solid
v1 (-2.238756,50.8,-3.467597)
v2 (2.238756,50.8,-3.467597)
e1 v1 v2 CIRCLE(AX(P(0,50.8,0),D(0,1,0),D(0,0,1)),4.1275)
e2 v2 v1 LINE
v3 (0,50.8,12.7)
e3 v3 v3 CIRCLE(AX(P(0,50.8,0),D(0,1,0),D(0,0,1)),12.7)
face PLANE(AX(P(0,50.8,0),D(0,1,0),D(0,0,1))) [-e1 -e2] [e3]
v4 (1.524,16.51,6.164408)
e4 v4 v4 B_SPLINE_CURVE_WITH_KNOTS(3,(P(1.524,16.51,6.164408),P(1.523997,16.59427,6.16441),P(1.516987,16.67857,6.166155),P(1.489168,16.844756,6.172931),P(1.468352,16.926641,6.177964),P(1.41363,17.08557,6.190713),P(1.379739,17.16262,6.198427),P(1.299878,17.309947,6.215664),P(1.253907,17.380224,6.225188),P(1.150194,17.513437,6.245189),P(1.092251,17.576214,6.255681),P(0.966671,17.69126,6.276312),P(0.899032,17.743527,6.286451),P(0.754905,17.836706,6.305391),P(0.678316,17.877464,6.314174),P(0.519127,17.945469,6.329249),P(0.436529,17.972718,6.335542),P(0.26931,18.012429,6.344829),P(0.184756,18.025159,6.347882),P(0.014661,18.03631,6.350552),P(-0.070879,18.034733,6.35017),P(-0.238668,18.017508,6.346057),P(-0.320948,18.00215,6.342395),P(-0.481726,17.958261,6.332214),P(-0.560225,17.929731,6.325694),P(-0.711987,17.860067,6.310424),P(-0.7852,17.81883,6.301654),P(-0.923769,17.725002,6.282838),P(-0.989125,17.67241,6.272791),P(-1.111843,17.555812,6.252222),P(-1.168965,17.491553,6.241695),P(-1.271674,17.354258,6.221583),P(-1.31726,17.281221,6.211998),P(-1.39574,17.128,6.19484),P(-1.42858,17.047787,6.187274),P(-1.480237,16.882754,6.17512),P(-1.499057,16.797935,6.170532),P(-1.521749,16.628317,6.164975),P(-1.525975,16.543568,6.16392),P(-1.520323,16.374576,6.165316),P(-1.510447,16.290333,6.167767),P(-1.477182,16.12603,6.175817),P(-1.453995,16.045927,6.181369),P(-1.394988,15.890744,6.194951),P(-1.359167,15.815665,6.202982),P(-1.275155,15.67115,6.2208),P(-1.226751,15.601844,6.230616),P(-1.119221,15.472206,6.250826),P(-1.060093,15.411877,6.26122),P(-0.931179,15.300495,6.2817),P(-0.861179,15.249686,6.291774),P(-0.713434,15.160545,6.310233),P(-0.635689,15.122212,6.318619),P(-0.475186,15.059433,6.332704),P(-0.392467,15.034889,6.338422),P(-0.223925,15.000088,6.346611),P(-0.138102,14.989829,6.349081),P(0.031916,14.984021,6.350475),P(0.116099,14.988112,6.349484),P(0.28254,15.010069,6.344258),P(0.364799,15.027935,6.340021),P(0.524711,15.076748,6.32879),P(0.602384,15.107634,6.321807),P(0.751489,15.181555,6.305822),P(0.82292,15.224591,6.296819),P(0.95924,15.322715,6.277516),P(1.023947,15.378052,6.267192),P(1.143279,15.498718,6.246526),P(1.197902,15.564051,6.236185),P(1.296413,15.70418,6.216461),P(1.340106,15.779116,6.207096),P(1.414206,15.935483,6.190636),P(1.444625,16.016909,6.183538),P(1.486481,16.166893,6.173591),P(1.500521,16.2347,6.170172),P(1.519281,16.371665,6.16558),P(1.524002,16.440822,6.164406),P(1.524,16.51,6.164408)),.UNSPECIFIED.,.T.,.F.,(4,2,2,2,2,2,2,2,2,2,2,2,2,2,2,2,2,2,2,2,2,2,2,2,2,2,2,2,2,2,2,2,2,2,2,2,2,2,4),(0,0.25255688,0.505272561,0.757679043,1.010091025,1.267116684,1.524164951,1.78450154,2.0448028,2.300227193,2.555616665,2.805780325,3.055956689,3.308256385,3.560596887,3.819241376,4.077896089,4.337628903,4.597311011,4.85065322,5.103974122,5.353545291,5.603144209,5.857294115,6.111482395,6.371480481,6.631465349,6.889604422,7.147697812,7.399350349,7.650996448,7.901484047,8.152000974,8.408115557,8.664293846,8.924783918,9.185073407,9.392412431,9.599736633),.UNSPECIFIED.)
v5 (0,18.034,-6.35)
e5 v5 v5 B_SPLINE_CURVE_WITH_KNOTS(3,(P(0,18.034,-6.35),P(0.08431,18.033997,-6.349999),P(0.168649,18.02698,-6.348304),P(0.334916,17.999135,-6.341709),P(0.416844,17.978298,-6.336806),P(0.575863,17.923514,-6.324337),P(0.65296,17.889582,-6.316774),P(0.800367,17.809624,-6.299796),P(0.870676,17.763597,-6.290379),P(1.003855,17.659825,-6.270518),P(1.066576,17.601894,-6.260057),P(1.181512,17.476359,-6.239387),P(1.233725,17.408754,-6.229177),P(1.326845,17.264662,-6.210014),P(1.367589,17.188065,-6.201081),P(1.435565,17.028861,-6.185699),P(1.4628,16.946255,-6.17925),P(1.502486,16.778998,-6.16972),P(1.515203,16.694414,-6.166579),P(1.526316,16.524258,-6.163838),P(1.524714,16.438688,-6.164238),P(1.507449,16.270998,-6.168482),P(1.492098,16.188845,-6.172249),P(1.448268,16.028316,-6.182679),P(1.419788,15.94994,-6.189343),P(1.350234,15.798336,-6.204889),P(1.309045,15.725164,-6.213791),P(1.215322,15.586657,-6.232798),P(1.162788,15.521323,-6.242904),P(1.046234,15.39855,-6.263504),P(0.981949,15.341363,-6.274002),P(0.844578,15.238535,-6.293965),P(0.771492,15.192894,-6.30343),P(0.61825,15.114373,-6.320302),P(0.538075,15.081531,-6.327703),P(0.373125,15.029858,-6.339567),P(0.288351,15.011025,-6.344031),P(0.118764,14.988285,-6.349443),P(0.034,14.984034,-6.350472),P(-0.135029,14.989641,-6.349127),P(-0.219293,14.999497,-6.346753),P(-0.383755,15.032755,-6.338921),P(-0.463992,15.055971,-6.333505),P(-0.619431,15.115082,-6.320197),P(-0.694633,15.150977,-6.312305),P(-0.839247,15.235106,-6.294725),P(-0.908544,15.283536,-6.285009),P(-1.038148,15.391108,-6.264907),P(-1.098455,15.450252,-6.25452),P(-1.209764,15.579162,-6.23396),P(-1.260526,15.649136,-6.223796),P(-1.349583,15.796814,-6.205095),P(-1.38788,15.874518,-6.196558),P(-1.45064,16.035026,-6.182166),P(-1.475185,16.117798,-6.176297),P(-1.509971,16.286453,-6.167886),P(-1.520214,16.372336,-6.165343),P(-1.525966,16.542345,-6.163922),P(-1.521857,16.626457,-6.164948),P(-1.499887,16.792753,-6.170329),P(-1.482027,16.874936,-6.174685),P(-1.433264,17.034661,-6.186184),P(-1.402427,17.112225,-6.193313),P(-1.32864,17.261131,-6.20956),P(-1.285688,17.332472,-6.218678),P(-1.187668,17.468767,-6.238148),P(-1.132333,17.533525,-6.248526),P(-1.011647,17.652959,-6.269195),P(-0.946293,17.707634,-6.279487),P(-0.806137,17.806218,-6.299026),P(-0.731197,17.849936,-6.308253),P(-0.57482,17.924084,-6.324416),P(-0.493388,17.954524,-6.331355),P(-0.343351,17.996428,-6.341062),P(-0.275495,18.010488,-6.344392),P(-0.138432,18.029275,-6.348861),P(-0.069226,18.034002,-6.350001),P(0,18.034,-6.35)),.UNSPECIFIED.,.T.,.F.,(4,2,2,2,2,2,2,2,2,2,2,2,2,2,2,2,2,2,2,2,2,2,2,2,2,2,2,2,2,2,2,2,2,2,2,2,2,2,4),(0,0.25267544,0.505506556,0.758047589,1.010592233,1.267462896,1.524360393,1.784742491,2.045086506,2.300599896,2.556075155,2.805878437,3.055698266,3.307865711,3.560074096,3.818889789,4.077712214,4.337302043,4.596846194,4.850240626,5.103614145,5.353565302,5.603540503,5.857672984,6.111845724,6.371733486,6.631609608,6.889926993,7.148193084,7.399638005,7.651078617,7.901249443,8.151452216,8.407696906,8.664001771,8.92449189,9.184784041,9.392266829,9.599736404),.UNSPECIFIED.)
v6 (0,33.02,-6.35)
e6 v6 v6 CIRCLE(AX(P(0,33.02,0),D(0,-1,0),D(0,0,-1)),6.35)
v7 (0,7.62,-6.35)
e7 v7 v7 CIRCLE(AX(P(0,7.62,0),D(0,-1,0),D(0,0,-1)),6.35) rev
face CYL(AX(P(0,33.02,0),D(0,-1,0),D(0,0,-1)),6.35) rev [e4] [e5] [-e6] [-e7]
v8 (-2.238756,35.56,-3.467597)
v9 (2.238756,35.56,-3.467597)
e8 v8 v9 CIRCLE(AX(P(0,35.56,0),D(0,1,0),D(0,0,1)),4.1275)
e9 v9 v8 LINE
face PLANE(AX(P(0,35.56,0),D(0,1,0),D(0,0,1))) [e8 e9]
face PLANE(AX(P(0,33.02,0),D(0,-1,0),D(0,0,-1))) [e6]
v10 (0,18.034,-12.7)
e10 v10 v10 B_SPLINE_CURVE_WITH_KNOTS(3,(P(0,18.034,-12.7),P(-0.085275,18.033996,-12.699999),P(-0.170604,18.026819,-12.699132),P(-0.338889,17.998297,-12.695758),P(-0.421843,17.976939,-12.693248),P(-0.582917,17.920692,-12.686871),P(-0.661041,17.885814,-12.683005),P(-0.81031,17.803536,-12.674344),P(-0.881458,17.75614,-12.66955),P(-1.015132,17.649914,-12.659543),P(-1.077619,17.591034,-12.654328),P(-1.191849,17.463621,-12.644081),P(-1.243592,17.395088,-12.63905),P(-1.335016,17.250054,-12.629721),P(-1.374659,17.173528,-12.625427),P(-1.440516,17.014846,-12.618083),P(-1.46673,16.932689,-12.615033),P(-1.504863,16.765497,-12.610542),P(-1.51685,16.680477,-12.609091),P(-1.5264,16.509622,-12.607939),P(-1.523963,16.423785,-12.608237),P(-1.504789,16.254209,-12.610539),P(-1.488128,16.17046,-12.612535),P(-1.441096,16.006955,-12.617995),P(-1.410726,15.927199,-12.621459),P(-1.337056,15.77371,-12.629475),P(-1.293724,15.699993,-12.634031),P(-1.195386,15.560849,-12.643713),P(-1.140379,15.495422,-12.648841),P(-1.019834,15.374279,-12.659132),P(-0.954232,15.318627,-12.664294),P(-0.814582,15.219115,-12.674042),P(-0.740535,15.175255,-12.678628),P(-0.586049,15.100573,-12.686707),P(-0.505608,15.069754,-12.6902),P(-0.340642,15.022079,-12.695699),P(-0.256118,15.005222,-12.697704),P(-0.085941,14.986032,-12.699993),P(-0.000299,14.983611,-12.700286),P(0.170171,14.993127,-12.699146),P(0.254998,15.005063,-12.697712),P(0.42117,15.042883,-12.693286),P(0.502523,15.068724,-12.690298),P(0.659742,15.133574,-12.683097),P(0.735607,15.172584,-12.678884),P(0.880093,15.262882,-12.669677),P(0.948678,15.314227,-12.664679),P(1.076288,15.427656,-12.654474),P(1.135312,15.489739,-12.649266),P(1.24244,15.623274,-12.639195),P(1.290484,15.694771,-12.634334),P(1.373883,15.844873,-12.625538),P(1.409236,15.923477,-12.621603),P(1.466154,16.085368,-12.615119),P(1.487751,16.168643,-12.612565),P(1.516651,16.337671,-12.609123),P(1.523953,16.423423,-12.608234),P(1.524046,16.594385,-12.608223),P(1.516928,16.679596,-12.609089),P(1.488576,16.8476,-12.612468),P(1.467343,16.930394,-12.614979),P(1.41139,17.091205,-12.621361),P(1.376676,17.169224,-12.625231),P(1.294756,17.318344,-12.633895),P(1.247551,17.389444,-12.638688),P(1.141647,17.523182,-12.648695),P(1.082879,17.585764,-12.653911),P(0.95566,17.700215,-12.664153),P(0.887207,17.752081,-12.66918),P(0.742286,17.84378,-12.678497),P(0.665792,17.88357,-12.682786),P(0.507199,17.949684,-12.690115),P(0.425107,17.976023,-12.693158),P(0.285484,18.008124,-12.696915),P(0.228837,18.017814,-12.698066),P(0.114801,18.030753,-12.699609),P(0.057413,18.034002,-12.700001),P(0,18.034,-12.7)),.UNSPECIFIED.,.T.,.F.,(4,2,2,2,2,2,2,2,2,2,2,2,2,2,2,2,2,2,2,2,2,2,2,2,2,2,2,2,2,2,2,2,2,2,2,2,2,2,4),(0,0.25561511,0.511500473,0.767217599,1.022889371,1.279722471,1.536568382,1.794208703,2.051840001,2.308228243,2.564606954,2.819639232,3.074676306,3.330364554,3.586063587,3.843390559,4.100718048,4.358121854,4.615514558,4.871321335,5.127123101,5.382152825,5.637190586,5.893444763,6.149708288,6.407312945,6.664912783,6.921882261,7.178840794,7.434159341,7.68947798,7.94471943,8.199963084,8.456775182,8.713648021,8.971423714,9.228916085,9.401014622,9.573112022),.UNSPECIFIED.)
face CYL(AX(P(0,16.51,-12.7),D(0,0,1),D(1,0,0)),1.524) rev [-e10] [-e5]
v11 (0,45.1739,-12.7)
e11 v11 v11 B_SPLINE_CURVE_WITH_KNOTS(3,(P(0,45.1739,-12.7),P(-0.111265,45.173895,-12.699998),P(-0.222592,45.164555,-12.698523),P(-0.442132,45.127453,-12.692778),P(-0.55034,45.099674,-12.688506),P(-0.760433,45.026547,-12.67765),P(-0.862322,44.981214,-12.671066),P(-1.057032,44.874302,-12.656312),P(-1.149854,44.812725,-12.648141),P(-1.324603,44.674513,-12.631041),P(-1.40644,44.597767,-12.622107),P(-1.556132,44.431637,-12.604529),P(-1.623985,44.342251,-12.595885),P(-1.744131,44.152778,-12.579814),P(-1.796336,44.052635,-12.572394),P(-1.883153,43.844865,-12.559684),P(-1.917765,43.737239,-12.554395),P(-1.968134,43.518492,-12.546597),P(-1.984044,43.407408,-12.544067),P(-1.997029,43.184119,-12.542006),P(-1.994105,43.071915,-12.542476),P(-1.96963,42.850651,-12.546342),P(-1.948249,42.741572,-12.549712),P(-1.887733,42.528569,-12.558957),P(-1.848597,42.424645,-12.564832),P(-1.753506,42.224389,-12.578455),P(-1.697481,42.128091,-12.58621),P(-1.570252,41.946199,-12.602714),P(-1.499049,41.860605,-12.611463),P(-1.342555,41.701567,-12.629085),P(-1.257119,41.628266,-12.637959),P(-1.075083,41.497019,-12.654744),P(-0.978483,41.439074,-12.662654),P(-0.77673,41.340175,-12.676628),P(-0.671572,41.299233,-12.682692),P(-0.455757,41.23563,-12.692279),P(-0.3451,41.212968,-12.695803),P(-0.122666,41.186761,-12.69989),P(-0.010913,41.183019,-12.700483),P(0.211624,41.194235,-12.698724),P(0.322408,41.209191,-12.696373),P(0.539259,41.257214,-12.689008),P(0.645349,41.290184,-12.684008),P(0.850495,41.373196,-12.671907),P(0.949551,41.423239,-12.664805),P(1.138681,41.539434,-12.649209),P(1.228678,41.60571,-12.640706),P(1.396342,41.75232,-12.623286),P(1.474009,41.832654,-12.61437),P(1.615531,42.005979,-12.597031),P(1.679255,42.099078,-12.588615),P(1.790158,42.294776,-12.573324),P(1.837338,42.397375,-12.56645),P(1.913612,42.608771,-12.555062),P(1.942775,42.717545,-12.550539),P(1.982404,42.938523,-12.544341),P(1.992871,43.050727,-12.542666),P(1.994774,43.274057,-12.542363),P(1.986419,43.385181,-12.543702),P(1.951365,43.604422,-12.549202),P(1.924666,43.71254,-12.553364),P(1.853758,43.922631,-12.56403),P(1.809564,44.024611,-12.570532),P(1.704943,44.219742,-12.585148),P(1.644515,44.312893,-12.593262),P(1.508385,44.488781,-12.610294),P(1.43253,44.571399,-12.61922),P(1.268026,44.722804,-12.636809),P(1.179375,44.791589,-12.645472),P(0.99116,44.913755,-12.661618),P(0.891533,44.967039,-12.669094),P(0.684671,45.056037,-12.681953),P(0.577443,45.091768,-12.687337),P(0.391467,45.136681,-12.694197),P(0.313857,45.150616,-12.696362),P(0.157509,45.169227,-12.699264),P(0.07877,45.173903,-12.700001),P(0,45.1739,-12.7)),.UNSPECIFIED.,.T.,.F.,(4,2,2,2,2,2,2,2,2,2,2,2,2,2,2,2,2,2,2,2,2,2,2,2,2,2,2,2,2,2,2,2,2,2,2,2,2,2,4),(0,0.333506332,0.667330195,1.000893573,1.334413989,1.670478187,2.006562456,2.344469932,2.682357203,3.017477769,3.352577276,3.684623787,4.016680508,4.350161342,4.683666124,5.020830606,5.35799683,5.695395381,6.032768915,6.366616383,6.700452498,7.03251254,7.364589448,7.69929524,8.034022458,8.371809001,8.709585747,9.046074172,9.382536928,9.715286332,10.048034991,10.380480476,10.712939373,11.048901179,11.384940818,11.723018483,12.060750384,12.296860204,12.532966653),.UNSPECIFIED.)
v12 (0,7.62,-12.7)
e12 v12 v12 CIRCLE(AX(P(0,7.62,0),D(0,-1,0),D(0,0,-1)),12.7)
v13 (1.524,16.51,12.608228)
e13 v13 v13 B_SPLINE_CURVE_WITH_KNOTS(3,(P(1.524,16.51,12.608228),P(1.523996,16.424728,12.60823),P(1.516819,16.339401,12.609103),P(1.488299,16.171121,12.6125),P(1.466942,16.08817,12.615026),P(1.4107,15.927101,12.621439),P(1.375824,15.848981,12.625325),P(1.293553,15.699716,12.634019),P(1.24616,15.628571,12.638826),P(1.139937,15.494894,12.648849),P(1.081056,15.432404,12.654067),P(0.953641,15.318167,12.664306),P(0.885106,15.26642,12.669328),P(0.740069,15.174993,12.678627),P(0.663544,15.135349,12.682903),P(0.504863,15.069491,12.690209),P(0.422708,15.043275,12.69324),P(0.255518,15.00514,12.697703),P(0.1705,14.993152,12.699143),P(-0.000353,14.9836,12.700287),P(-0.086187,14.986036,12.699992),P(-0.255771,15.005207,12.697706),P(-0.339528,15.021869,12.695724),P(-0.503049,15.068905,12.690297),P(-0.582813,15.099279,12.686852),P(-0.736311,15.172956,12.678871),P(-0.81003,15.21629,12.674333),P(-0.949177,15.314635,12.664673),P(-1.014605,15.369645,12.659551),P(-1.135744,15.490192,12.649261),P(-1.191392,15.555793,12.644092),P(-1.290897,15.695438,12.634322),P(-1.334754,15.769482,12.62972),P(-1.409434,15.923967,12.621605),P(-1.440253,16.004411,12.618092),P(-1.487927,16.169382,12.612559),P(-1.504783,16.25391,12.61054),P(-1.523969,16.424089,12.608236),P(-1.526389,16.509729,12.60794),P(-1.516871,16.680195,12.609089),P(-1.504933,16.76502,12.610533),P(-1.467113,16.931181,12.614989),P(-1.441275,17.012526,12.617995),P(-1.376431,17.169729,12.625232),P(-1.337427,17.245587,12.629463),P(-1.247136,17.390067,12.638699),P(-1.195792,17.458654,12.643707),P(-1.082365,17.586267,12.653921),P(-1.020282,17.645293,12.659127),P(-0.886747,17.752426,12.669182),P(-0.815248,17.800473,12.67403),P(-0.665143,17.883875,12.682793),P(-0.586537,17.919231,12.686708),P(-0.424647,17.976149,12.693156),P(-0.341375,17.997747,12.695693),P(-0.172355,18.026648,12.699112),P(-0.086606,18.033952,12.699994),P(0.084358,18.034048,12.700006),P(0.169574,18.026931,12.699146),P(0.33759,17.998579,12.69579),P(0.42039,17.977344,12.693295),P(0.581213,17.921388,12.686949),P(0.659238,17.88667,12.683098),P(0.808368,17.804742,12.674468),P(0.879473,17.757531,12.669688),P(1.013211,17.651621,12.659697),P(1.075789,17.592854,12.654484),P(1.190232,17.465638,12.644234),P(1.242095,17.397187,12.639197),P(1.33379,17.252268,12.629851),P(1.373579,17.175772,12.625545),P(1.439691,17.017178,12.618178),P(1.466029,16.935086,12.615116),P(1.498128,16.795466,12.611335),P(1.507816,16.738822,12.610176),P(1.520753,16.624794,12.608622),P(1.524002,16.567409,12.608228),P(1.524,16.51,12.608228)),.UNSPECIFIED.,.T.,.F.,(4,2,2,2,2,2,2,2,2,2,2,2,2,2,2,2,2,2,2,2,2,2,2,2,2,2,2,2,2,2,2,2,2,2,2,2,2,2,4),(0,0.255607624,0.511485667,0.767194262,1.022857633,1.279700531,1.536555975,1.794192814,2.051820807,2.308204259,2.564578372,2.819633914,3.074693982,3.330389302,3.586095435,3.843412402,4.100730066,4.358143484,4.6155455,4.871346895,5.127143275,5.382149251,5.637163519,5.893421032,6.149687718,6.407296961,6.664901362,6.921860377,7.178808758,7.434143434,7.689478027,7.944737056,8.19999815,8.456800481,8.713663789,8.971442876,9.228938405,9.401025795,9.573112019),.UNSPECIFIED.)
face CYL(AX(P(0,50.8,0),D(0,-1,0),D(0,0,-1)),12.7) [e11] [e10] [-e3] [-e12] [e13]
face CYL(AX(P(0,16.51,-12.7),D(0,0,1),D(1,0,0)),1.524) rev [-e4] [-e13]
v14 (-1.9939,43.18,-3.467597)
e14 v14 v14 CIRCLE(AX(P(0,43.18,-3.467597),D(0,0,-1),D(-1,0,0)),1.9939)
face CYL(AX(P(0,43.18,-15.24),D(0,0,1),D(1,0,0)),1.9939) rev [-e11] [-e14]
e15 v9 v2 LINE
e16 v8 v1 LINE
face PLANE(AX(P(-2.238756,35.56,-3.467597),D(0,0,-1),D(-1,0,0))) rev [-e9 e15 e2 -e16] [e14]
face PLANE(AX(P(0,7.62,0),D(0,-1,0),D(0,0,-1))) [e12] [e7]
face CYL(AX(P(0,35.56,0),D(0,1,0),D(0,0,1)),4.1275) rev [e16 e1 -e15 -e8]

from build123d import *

# Parameters (mm, degrees)
SKETCH1_R               = 12.7
BOSS_EXTRUDE1_DEPTH     = 50.8
SKETCH4_R               = 6.35
CUT_EXTRUDE2_DEPTH      = 33.02
CUT_EXTRUDE3_DEPTH      = 54.881536726
CUT_EXTRUDE3_DEPTH_BACK = 54.881536726
SKETCH5_R               = 1.524
CUT_EXTRUDE4_DEPTH      = 15.24
SKETCH7_R               = 1.9939
CUT_EXTRUDE5_DEPTH      = 15.24
SKETCH8_R               = 14.2875
CUT_EXTRUDE6_DEPTH      = 7.62


with BuildPart() as part:
    # Sketch1 → Boss-Extrude1 (new body)
    with BuildSketch(Plane(origin=(0, 0, 0), x_dir=(1, 0, 0), z_dir=(0, 1, 0))):
        with Locations(Location((0, 0, 0), (0, 0, 270))):
            Circle(SKETCH1_R)
    extrude(amount=BOSS_EXTRUDE1_DEPTH)

    # Sketch4 → Cut-Extrude2 (cut)
    with BuildSketch(Plane.XZ):
        with Locations(Location((0, 0, 0), (0, 0, 270))):
            Circle(SKETCH4_R)
    extrude(amount=-CUT_EXTRUDE2_DEPTH, mode=Mode.SUBTRACT)

    # Sketch5 → Cut-Extrude3 (cut, two sides: drawn at the far end of the back side and taken through both)
    with BuildSketch(Plane.XY.offset(-CUT_EXTRUDE3_DEPTH_BACK)):
        with Locations((0, 16.51)):
            Circle(SKETCH5_R)
    extrude(amount=CUT_EXTRUDE3_DEPTH + CUT_EXTRUDE3_DEPTH_BACK, mode=Mode.SUBTRACT)

    # Sketch6 → Cut-Extrude4 (cut)
    with BuildSketch(Plane(origin=(0, 50.8, 0), x_dir=(1, 0, 0), z_dir=(0, 1, 0))):
        with BuildLine():
            Line((-2.238756, 3.467596837), (2.238756, 3.467596837))
            ThreePointArc((2.238756, 3.467596837), (0, -4.1275), (-2.238756, 3.467596837))
        make_face()
    extrude(amount=-CUT_EXTRUDE4_DEPTH, mode=Mode.SUBTRACT)

    # Sketch7 → Cut-Extrude5 (cut)
    with BuildSketch(Plane.XY):
        with Locations(Location((0, 43.18, 0), (0, 0, 90))):
            Circle(SKETCH7_R)
    extrude(amount=-CUT_EXTRUDE5_DEPTH, mode=Mode.SUBTRACT)

    # Sketch8 → Cut-Extrude6 (cut)
    with BuildSketch(Plane.XZ):
        Circle(SKETCH8_R)
    extrude(amount=-CUT_EXTRUDE6_DEPTH, mode=Mode.SUBTRACT)


solid = part.part
